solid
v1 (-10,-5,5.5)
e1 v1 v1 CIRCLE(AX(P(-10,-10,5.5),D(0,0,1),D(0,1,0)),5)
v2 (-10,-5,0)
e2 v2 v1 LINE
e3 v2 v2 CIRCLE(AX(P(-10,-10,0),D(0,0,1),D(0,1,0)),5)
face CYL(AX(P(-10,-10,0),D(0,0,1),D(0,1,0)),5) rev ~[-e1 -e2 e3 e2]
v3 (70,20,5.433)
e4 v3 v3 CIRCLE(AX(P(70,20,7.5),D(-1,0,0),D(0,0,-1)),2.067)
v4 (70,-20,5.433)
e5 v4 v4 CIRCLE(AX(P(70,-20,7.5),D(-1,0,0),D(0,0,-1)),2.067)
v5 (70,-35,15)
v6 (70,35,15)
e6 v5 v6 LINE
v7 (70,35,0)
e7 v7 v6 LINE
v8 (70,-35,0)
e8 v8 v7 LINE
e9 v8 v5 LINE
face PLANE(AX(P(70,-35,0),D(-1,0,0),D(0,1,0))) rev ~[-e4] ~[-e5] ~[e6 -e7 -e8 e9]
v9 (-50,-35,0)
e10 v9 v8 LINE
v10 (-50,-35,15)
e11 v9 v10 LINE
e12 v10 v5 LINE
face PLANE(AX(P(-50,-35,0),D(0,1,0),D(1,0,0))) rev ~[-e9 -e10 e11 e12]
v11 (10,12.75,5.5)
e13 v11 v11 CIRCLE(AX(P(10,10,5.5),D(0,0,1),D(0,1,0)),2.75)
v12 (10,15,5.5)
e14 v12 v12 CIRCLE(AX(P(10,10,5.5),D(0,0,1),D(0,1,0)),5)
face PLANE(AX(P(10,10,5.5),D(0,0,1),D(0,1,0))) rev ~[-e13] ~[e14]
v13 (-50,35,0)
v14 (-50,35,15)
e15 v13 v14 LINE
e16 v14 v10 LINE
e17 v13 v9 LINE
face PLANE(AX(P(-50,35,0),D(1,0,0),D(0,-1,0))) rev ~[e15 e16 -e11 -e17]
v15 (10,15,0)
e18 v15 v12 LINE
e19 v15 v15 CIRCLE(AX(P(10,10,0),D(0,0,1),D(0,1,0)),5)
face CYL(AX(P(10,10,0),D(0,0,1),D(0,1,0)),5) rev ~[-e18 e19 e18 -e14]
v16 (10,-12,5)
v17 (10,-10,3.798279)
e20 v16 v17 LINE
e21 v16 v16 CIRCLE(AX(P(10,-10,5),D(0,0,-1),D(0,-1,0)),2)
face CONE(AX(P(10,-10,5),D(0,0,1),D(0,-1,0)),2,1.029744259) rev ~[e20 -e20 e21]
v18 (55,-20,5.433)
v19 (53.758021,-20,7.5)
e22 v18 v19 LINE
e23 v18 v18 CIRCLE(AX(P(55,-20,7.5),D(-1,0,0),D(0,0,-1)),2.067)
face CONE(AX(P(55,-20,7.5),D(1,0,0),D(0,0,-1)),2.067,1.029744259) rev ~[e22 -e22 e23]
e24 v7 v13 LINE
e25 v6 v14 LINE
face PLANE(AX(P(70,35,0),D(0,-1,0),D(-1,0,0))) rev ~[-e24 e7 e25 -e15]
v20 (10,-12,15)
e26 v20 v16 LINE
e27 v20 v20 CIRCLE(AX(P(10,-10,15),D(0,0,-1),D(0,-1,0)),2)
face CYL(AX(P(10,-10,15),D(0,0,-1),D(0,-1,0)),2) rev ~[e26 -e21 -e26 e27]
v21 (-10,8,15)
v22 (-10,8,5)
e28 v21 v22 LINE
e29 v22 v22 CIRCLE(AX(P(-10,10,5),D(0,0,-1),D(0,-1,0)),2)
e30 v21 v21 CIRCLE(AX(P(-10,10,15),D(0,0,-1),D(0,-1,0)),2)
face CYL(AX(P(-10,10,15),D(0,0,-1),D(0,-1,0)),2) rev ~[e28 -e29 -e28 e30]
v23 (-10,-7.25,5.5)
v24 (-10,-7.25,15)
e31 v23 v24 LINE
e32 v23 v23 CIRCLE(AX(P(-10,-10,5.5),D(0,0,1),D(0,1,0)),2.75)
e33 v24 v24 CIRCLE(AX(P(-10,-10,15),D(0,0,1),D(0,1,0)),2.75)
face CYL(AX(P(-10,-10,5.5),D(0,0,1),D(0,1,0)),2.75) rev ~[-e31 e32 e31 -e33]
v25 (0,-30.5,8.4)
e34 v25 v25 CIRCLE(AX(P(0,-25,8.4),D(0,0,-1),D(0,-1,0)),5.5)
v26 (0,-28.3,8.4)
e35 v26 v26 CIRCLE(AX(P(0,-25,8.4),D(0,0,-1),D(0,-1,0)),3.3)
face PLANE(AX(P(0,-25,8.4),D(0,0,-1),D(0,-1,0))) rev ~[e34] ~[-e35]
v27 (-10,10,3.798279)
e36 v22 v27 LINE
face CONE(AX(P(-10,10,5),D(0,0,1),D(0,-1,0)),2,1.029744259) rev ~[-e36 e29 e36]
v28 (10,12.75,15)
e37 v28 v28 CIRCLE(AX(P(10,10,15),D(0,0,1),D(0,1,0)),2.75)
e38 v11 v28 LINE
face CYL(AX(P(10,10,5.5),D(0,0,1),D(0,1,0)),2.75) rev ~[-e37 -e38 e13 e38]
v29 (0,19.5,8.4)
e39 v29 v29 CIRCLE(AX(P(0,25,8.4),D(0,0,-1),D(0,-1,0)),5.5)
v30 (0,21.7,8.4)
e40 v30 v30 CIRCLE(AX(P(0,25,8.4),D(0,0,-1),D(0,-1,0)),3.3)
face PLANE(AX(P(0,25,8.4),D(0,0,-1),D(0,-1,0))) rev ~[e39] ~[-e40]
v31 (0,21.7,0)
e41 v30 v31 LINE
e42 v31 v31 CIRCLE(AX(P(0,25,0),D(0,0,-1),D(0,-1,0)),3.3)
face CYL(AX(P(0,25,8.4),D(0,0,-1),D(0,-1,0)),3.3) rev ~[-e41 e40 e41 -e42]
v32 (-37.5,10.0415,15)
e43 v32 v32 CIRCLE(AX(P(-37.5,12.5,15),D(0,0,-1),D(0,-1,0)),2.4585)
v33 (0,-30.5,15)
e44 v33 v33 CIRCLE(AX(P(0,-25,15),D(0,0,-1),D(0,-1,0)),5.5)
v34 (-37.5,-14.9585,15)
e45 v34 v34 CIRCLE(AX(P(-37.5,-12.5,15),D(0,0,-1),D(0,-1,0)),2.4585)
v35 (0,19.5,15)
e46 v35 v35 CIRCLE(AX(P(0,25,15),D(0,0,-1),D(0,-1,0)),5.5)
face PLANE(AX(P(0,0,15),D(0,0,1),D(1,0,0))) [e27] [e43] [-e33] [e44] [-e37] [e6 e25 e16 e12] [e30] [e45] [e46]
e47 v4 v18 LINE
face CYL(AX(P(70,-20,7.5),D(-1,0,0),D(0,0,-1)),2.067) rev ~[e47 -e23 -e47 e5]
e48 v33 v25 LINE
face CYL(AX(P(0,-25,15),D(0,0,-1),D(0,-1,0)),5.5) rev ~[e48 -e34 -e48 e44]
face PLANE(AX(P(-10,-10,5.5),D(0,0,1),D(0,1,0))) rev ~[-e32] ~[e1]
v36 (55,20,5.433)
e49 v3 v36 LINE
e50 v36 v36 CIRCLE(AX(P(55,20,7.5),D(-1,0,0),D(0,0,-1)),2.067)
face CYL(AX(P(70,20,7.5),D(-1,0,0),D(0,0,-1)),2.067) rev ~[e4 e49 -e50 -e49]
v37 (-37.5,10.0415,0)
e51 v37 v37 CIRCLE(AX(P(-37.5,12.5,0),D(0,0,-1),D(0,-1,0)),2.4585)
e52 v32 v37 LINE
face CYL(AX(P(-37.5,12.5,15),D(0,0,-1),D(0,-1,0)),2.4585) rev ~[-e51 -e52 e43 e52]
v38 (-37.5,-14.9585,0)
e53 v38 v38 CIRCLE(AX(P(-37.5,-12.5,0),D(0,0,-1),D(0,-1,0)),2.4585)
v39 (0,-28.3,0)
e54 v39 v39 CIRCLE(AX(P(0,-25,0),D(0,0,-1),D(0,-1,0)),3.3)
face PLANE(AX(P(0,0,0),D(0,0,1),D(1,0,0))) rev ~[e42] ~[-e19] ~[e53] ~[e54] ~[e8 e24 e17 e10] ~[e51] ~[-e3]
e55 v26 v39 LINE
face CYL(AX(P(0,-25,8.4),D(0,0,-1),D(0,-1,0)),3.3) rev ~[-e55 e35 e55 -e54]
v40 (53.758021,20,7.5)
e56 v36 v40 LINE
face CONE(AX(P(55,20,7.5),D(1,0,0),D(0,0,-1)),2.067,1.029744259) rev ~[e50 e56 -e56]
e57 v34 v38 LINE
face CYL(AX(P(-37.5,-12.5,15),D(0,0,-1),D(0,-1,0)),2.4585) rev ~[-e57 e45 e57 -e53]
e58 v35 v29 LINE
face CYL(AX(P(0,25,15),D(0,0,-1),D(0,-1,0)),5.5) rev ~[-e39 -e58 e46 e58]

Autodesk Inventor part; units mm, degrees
ref_plane "YZ Plane" through (0, 0, 0) normal (1, 0, 0) x (0, 1, 0)
ref_plane "XZ Plane" through (0, 0, 0) normal (0, 1, 0) x (-1, 0, 0)
ref_plane "XY Plane" through (0, 0, 0) normal (0, 0, 1) x (1, 0, 0)
sketch "Sketch1" plane through (0, 0, 0) normal (0, 0, 1) x (1, 0, 0)
  line L0 (0, 49) -> (0, -49) construction
  line L1 (-74, 0) -> (94, 0) construction
  line L2 (-50, -35) -> (70, -35)
  line L3 (70, -35) -> (70, 35)
  line L4 (70, 35) -> (-50, 35)
  line L5 (-50, 35) -> (-50, -35)
  point P0 (0, 0)
  dimension "d4" = 70
  dimension "d49" = 120
  dimension "d50" = 50
  dimension "d51" = 35
extrude "Extrusion3" add sketch "Sketch1" along normal blind 15
sketch "Sketch2" plane through (0, 0, 15) normal (0, 0, 1) x (1, 0, 0)
  point P0 (0, 0)
  point P1 (0, -25)
  point P2 (0, 25)
  dimension "d15" = 25
  dimension "d16" = 25
hole "Hole1" at (0, -25, 15) at (0, 25, 15) direction (0, 0, -1) diameter 6.6 end through all counterbore diameter 11 counterbore depth 6.6 clearance for "Socket Head Cap Screw DIN EN ISO 4762" size "M6" standard "DIN"
sketch "Sketch3" plane through (0, 0, 15) normal (0, 0, 1) x (1, 0, 0)
  point P0 (0, 0)
  point P1 (-37.5, -12.5)
  point P2 (-37.5, 12.5)
  dimension "d24" = 25
  dimension "d25" = 12.5
  dimension "d26" = 37.5
hole "Hole2" at (-37.5, -12.5, 15) at (-37.5, 12.5, 15) direction (0, 0, -1) diameter 4.917 end through all thread size "M6x1" class "6H" standard "ISO Metric profile"
sketch "Sketch4" plane through (0, 0, 0) normal (0, 0, -1) x (-1, 0, 0)
  point P0 (0, 0)
  point P1 (10, -10)
  point P2 (-10, 10)
  dimension "d34" = 10
  dimension "d35" = 10
  dimension "d36" = 10
  dimension "d37" = 10
hole "Hole3" at (-10, -10, 0) at (10, 10, 0) direction (0, 0, 1) diameter 5.5 end through all counterbore diameter 10 counterbore depth 5.5 clearance for "Socket Head Cap Screw DIN EN ISO 4762" size "M5" standard "DIN"
sketch "Sketch5" plane through (0, 0, 15) normal (0, 0, 1) x (1, 0, 0)
  point P0 (0, 0)
  point P1 (10, -10)
  point P2 (-10, 10)
  dimension "d45" = 10
  dimension "d46" = 10
  dimension "d47" = 10
  dimension "d48" = 10
hole "Hole4" at (10, -10, 15) at (-10, 10, 15) direction (0, 0, -1) diameter 4 depth 10 tip angle 118
sketch "Sketch6" plane through (70, -35, 0) normal (1, 0, 0) x (0, 0, -1)
  line L0 (0, 0) -> (-15, 0) projected
  line L1 (0, 0) -> (0, 70) projected
  point P0 (0, 35)
  point P1 (-7.5, 15)
  point P2 (-7.5, 55)
  point P3 (-7.5, 0)
  point P4 (0, 35)
  point P5 (0, 35)
  dimension "d59" = 20
  dimension "d60" = 20
hole "Hole5" at (70, -20, 7.5) at (70, 20, 7.5) direction (-1, 0, 0) diameter 4.134 depth 15 tip angle 118 thread size "M5x0.8" class "6H" standard "ISO Metric profile"
properties part number "23-0064 Base plate" material "ALMg4,5Mn-5083-(D54S)"
